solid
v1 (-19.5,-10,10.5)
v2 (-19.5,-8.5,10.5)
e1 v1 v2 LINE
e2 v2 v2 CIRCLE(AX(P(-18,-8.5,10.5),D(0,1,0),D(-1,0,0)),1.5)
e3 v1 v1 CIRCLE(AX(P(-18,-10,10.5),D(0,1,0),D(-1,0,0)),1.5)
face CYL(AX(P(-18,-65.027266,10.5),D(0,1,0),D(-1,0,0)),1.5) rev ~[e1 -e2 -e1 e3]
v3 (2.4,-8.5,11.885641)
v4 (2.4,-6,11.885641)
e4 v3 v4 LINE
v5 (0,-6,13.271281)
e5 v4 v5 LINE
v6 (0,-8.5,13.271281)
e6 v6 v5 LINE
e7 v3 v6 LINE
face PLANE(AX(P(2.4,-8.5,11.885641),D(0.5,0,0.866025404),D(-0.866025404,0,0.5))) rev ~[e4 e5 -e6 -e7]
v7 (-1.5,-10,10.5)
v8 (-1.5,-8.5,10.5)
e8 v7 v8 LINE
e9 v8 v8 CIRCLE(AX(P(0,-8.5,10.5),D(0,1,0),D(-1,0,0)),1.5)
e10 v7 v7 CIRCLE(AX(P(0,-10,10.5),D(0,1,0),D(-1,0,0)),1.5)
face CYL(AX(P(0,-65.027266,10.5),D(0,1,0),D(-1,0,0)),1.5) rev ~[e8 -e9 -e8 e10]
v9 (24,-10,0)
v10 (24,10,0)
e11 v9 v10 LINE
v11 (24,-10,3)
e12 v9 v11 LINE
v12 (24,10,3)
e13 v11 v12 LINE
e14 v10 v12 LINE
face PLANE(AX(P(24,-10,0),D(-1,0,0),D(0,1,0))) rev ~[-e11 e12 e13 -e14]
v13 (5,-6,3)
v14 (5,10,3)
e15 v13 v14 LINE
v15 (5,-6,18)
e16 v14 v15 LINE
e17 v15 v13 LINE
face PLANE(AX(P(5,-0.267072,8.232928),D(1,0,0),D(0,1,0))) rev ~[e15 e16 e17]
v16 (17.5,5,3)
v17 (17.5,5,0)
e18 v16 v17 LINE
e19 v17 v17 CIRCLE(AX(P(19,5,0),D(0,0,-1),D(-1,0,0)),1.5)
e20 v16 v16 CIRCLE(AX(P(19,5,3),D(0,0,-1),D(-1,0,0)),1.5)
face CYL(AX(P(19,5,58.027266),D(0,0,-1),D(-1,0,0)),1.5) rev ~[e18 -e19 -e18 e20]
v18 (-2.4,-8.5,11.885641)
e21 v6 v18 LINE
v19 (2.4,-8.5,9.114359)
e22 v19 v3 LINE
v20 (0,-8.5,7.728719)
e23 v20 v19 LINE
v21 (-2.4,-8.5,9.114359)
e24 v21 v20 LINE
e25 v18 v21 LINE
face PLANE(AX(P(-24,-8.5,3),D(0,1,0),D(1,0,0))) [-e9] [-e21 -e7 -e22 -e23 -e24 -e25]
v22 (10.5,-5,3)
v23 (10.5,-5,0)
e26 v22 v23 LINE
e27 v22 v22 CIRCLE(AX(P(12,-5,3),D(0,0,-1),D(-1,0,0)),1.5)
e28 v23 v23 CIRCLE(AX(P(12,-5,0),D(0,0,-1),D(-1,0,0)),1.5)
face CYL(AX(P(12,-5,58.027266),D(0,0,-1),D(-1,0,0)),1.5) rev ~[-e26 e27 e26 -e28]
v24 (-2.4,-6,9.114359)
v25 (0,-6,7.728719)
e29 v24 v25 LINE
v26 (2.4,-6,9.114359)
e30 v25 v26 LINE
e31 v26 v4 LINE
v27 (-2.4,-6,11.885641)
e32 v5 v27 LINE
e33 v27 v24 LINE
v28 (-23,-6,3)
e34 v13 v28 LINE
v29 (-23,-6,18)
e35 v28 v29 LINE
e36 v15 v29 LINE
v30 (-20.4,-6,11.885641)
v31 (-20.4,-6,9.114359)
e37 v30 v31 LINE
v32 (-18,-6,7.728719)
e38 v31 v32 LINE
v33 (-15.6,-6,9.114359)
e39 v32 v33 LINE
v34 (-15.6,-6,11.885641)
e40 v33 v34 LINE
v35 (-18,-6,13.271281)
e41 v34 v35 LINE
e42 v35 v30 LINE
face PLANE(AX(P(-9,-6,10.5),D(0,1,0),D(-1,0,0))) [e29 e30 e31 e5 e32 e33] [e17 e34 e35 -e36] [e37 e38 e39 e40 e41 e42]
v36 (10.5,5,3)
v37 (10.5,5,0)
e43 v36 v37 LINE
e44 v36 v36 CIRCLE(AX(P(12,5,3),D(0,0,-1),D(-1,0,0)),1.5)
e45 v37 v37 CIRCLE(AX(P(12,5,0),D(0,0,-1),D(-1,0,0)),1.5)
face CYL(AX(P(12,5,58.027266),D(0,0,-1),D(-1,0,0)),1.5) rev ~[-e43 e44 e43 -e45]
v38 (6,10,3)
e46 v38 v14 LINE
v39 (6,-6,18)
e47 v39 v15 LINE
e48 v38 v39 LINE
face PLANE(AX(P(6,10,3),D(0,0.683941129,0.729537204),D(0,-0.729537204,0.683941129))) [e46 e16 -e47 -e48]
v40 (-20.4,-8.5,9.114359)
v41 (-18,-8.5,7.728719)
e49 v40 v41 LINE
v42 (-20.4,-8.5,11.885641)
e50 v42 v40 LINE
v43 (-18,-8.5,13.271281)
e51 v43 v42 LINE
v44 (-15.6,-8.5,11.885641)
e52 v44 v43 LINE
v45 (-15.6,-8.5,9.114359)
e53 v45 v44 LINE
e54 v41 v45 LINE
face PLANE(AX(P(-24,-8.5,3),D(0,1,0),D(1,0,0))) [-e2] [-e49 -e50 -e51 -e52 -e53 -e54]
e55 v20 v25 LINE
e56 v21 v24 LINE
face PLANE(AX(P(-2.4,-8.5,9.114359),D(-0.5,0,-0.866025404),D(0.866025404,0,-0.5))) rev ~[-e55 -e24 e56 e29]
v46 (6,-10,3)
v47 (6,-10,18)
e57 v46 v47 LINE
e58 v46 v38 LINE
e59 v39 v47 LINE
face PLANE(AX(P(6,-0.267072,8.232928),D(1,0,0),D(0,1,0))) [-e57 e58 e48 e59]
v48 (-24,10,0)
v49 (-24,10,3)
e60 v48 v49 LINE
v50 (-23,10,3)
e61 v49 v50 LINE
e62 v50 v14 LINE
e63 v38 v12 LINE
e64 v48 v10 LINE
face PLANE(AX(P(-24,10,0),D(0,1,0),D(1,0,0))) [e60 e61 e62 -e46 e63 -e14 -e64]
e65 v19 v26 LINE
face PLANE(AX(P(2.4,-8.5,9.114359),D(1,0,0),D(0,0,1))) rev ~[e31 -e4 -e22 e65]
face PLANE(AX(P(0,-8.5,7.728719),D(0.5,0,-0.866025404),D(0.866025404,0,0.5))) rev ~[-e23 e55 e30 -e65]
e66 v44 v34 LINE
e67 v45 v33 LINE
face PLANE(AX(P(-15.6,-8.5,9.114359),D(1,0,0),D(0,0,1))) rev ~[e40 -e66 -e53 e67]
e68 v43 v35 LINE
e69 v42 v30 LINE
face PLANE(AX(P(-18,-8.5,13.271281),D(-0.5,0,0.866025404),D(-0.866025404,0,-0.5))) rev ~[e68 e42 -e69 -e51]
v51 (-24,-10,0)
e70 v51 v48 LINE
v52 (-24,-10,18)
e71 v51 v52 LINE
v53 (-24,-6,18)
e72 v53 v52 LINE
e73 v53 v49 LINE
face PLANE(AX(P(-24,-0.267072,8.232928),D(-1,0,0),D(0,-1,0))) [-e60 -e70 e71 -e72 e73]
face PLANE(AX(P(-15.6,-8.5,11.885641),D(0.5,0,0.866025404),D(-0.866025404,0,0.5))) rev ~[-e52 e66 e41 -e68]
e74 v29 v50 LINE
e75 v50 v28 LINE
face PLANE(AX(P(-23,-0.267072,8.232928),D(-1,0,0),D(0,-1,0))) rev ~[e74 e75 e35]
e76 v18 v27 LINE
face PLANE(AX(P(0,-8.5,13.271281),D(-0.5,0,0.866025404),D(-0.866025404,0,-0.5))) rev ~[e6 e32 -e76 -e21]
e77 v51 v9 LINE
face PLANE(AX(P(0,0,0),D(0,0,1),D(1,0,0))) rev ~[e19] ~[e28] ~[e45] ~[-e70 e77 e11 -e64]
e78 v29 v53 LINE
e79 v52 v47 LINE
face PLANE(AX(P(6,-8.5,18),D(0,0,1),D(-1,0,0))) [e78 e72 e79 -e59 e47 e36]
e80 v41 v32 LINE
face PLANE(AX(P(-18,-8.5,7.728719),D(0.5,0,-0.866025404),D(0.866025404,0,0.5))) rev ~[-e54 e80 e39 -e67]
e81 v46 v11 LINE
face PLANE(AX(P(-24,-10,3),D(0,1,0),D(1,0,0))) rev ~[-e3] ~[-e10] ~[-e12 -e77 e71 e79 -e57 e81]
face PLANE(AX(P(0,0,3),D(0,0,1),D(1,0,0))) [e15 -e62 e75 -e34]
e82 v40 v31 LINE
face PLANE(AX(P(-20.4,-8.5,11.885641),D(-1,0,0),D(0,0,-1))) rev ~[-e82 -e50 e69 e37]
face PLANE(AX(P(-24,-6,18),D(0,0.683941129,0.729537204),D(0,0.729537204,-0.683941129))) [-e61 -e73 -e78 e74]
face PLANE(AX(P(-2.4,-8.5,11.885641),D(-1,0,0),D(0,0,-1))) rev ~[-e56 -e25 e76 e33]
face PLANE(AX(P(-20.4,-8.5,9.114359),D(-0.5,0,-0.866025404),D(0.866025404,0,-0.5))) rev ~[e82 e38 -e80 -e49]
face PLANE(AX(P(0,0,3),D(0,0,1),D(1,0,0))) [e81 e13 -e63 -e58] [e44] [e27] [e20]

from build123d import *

# Parameters (mm, degrees)
F0_W       = 48
F0_H       = 20
F1_DEPTH   = 3
F2_W       = 30
F2_H       = 1.5
F3_DEPTH   = 15
F6_D       = 3
F6_ON_F5_D = 3
F7_W       = 30
F7_H       = 15
F8_DEPTH   = 2.5
F11_DEPTH  = 1
F12_DEPTH  = 1


with BuildPart() as f1:
    # F0 (on Top) → F1 (new body)
    with BuildSketch(Plane.XY):
        Rectangle(F0_W, F0_H)
    extrude(amount=F1_DEPTH)

    # F2 (on face) → F3 (join)
    with BuildSketch(Plane.XY.offset(3)):
        with Locations((-9, -9.25)):
            Rectangle(F2_W, F2_H)
    extrude(amount=F3_DEPTH)

    # F6 (through all)
    with Locations(Plane.XZ.offset(10)):
        with Locations((0, 10.5), (-18, 10.5)):
            Hole(F6_D / 2)

    # F6 on F5 (through all)
    with Locations(Plane.XY.offset(3)):
        with Locations((19, 5), (12, 5), (12, -5)):
            Hole(F6_ON_F5_D / 2)

    # F7 (on face) → F8 (join)
    with BuildSketch(Plane(origin=(0, -8.5, 0), x_dir=(-1, 0, 0), z_dir=(0, 1, 0))):
        with Locations((9, 10.5)):
            Rectangle(F7_W, F7_H)
        Polygon((2.4, 11.8856406461), (2.4, 9.1143593539), (0, 7.7287187079), (-2.4, 9.1143593539), (-2.4, 11.8856406461), (0, 13.2712812921), align=None, mode=Mode.SUBTRACT)
        Polygon((20.4, 9.1143593539), (18, 7.7287187079), (15.6, 9.1143593539), (15.6, 11.8856406461), (18, 13.2712812921), (20.4, 11.8856406461), align=None, mode=Mode.SUBTRACT)
    extrude(amount=F8_DEPTH)

    # F9 (on face) → F11 (join)
    with BuildSketch(Plane(origin=(-24, 0, 0), x_dir=(0, -1, 0), z_dir=(-1, 0, 0))):
        Polygon((6, 18), (-10, 3), (6, 3), align=None)
    extrude(amount=-F11_DEPTH)

    # F10 (on face) → F12 (join)
    with BuildSketch(Plane.YZ.offset(6)):
        Polygon((10, 3), (-6, 18), (-6, 3), align=None)
    extrude(amount=-F12_DEPTH)


solid = f1.part
